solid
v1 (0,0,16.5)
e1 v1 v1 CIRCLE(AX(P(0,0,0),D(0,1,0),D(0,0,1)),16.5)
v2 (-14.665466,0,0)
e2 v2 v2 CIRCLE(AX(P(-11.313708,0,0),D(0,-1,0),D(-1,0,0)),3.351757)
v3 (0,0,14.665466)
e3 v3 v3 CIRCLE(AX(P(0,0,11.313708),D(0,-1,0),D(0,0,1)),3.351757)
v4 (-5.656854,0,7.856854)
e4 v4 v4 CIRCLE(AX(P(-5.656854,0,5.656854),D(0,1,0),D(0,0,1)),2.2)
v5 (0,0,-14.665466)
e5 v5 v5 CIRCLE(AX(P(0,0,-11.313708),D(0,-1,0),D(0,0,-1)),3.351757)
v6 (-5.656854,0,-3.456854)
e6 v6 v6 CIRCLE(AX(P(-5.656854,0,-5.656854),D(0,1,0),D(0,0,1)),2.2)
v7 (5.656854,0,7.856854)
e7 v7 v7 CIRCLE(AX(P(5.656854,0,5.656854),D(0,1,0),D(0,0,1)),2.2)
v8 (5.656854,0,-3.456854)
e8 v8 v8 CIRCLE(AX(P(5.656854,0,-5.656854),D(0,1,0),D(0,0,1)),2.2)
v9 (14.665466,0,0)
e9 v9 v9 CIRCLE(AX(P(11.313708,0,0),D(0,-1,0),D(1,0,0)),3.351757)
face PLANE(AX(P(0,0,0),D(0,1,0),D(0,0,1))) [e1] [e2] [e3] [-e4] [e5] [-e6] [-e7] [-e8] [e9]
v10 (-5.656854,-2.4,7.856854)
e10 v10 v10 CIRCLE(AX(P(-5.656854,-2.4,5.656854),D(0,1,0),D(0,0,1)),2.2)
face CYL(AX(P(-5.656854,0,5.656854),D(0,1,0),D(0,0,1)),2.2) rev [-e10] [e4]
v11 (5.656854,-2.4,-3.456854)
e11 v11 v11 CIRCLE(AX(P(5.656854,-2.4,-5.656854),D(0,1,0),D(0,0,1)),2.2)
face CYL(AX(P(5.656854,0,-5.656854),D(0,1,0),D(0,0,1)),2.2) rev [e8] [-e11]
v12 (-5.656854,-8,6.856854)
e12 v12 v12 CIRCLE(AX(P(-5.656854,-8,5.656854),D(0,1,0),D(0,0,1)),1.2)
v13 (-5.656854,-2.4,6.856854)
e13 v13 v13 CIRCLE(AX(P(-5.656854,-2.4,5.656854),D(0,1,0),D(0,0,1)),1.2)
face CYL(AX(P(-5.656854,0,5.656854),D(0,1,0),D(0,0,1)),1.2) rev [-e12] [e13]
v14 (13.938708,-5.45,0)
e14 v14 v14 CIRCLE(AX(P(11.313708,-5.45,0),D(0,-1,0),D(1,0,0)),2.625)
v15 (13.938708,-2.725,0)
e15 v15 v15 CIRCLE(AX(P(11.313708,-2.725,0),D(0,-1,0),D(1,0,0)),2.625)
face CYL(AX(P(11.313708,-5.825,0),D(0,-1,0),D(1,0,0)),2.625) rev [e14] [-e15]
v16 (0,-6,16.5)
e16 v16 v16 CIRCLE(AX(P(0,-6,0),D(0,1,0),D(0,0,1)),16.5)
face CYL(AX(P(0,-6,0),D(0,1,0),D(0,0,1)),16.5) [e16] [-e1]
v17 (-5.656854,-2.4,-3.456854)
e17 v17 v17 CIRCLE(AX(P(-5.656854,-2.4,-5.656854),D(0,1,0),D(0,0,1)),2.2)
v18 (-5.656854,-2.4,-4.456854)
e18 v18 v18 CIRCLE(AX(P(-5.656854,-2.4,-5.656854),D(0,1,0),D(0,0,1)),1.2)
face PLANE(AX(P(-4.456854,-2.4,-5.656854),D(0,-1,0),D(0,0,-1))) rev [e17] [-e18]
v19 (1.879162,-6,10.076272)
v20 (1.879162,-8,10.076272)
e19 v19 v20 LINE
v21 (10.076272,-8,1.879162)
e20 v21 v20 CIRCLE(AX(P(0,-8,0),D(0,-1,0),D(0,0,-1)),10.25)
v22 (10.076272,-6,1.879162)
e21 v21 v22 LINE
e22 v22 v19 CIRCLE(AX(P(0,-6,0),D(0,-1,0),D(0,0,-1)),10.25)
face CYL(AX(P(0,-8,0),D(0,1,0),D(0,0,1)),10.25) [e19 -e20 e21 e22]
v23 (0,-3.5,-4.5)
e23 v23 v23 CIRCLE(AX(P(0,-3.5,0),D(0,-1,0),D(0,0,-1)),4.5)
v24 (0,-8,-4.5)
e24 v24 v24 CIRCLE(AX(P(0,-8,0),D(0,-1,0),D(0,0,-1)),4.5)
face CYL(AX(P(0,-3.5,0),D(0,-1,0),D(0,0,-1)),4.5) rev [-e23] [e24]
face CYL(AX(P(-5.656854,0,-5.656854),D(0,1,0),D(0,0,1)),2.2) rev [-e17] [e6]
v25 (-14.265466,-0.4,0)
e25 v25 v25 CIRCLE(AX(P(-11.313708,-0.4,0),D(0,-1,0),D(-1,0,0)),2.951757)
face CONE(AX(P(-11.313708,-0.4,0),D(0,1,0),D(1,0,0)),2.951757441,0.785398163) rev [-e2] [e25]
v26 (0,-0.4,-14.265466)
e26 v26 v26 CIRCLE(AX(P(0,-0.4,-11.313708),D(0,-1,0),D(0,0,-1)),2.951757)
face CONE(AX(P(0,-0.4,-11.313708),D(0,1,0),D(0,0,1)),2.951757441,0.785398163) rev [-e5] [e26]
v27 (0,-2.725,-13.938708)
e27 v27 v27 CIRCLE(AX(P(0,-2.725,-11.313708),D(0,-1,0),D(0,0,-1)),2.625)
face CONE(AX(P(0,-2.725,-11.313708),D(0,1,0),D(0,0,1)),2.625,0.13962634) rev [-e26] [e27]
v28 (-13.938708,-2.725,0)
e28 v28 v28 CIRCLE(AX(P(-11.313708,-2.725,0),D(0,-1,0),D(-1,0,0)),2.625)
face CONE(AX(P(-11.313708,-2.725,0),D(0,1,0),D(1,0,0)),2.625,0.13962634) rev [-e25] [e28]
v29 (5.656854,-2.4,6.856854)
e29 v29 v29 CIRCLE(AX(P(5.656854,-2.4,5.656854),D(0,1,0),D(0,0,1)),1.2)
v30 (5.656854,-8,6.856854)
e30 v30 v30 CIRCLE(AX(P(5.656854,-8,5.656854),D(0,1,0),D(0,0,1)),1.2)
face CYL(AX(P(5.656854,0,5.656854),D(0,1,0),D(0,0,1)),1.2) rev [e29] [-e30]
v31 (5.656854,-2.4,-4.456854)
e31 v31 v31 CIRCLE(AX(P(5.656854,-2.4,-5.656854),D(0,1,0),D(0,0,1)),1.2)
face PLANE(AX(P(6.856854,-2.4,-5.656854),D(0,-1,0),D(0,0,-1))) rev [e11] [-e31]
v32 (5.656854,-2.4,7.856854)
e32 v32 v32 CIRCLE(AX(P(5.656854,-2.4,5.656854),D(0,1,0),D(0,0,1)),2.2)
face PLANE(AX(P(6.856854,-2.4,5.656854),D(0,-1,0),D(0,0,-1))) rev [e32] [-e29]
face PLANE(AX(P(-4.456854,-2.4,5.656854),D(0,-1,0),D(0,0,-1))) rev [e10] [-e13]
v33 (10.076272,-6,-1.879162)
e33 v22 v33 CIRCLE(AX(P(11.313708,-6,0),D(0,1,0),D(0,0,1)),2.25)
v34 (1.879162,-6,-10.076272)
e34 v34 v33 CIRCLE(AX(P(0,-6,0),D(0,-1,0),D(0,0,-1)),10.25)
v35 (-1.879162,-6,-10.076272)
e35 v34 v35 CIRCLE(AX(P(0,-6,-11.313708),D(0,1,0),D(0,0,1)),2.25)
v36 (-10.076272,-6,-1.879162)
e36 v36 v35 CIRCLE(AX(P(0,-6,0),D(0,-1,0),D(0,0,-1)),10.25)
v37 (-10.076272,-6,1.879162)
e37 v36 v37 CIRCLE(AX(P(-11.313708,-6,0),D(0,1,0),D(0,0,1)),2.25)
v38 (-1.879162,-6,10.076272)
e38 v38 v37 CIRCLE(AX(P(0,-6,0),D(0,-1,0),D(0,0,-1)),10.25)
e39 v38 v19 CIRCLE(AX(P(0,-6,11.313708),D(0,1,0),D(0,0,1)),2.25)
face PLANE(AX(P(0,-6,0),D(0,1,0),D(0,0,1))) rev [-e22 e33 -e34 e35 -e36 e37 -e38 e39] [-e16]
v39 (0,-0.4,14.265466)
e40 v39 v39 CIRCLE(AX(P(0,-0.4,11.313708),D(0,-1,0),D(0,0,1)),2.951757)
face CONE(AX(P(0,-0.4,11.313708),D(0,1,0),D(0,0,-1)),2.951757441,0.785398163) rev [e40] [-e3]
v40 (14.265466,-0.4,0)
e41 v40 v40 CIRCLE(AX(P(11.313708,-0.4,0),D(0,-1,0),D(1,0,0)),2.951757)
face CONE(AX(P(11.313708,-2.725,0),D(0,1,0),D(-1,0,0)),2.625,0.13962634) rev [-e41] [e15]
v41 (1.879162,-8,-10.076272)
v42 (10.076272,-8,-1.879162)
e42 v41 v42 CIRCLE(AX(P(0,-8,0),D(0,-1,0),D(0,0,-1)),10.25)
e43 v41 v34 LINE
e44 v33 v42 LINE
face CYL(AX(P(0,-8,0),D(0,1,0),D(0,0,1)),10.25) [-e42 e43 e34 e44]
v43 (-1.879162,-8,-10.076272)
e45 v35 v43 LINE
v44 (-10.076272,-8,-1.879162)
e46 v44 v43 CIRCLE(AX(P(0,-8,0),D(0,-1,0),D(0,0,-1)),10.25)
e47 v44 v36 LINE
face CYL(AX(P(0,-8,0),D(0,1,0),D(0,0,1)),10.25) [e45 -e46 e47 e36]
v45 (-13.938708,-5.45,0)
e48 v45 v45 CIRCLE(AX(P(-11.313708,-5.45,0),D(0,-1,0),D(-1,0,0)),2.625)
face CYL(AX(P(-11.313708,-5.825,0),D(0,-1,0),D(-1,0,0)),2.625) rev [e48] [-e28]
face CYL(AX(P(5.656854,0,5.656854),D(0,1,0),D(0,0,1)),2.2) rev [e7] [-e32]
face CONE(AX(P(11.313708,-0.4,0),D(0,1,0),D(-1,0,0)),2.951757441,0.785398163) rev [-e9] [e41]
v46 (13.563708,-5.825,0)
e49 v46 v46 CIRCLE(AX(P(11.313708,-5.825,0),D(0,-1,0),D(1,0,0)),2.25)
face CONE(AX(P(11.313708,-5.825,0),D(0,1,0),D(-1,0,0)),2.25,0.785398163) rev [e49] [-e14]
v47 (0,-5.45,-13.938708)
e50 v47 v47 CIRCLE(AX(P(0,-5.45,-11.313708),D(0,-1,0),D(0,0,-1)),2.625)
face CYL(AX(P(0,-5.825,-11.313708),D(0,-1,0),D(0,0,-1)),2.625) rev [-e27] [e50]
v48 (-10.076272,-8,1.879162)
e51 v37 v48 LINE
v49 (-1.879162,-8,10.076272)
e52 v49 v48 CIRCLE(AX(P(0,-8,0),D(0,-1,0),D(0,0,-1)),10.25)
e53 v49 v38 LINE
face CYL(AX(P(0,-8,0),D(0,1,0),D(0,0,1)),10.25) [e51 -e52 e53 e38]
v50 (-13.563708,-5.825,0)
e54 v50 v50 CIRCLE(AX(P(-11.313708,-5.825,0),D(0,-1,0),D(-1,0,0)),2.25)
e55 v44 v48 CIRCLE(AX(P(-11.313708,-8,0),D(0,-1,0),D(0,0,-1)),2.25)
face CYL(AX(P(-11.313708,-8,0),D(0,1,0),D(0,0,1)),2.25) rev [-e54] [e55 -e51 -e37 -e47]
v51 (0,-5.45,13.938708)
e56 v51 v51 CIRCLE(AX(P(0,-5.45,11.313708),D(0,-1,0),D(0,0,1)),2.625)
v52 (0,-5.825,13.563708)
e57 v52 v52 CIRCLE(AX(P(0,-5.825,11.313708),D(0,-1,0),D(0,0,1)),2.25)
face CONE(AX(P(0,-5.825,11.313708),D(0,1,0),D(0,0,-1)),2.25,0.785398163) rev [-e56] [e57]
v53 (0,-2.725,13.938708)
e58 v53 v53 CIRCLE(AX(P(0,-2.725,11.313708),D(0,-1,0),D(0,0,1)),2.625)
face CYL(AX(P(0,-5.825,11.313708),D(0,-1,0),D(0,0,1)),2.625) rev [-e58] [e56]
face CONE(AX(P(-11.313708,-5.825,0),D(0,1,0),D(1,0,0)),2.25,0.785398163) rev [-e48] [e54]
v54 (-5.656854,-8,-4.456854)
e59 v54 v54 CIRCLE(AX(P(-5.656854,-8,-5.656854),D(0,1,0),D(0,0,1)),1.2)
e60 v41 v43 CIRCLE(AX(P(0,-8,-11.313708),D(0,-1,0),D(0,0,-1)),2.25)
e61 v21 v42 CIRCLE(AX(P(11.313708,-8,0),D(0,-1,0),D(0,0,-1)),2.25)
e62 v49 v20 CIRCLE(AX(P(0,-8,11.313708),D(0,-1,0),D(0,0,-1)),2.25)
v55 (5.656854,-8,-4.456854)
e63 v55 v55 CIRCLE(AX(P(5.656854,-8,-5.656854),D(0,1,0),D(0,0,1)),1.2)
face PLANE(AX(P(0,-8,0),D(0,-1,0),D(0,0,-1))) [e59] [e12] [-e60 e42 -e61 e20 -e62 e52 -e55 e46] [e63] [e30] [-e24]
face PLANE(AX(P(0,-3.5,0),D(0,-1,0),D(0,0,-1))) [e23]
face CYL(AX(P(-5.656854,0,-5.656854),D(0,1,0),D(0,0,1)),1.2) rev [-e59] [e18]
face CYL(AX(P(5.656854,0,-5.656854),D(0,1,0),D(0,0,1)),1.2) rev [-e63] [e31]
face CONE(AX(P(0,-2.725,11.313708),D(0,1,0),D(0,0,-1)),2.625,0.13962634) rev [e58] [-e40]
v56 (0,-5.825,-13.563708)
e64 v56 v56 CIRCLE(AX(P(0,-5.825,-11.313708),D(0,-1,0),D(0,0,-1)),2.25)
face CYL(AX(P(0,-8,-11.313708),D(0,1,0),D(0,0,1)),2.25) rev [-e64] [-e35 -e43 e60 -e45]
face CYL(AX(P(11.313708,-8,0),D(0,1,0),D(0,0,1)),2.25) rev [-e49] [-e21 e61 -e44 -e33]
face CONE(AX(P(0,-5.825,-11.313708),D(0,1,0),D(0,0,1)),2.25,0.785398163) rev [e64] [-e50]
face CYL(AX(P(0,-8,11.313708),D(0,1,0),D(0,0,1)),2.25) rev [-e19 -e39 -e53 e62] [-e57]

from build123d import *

# Parameters (mm, degrees)
SKETCH1_R                                           = 16.5
BOSS_EXTRUDE1_DEPTH                                 = 6
SKETCH25_R                                          = 10.25
BOSS_EXTRUDE2_DEPTH                                 = 2
SKETCH22_R                                          = 2.25
CUT_EXTRUDE1_DEPTH                                  = 46.38470183
CBORE_FOR_M2_HEX_SOCKET_HEAD_CAP_SCREW1_D           = 2.4
CBORE_FOR_M2_HEX_SOCKET_HEAD_CAP_SCREW1_CBORE_D     = 4.4
CBORE_FOR_M2_HEX_SOCKET_HEAD_CAP_SCREW1_CBORE_DEPTH = 2.4
CIRPATTERN1_COUNT                                   = 4
SKETCH26_R                                          = 4.5
CUT_EXTRUDE2_DEPTH                                  = 4.5


with BuildPart() as part:
    # Sketch1 → Boss-Extrude1 (new body)
    with BuildSketch(Plane(origin=(0, 0, 0), x_dir=(1, 0, 0), z_dir=(0, 1, 0))):
        with Locations(Location((0, 0, 0), (0, 0, 270))):
            Circle(SKETCH1_R)
    extrude(amount=-BOSS_EXTRUDE1_DEPTH)

    # Sketch25 → Boss-Extrude2 (add)
    with BuildSketch(Plane.XZ.offset(6)):
        with Locations(Location((0, 0, 0), (0, 0, 270))):
            Circle(SKETCH25_R)
    extrude(amount=BOSS_EXTRUDE2_DEPTH)

    # Sketch22 → Cut-Extrude1 (cut, through all)
    with BuildSketch(Plane(origin=(1.446175283, 0, 24.410951504), x_dir=(1, 0, 0), z_dir=(0, 1, 0))):
        with Locations(Location((-1.446175283, 35.724660003, 0), (0, 0, 270))):
            Circle(SKETCH22_R)
    cut_extrude1 = extrude(amount=-CUT_EXTRUDE1_DEPTH, mode=Mode.SUBTRACT)

    # Sketch3 → Cut-Revolve1 (revolve, cut)
    with BuildSketch(Plane(origin=(0, 0, -23.450692334), x_dir=(0, 0, -1), z_dir=(1, 0, 0))):
        Polygon((-12.136983835, 0), (-8.785226394, 0), (-9.185226394, -0.4), (-9.511983835, -2.725), (-9.511983835, -5.45), (-9.886983835, -5.825), (-12.136983835, -5.825), align=None)
    cut_revolve1 = revolve(axis=Axis((0, -5.825, -11.313708499), (0, 1, 0)), mode=Mode.SUBTRACT)

    # CBORE for M2 Hex Socket Head Cap Screw1 (through all)
    with Locations(Plane(origin=(0, 0, 0), x_dir=(1, 0, 0), z_dir=(0, 1, 0))):
        with Locations((5.656854249, 5.656854249)):
            cbore_for_m2_hex_socket_head_cap_screw1 = CounterBoreHole(CBORE_FOR_M2_HEX_SOCKET_HEAD_CAP_SCREW1_D / 2, CBORE_FOR_M2_HEX_SOCKET_HEAD_CAP_SCREW1_CBORE_D / 2, CBORE_FOR_M2_HEX_SOCKET_HEAD_CAP_SCREW1_CBORE_DEPTH)

    # CirPattern1: Cut-Extrude1, Cut-Revolve1, CBORE for M2 Hex Socket Head Cap Screw1 ×4 about axis
    cirpattern1_axis = Axis((0, 0, 0), (0, 1, 0))
    add([cut_extrude1.rotate(cirpattern1_axis, i * 360 / CIRPATTERN1_COUNT) for i in range(1, CIRPATTERN1_COUNT)], mode=Mode.SUBTRACT)
    add([cut_revolve1.rotate(cirpattern1_axis, i * 360 / CIRPATTERN1_COUNT) for i in range(1, CIRPATTERN1_COUNT)], mode=Mode.SUBTRACT)
    add([cbore_for_m2_hex_socket_head_cap_screw1.rotate(cirpattern1_axis, i * 360 / CIRPATTERN1_COUNT) for i in range(1, CIRPATTERN1_COUNT)], mode=Mode.SUBTRACT)

    # Sketch26 → Cut-Extrude2 (cut)
    with BuildSketch(Plane.XZ.offset(8)):
        with Locations(Location((0, 0, 0), (0, 0, 270))):
            Circle(SKETCH26_R)
    extrude(amount=-CUT_EXTRUDE2_DEPTH, mode=Mode.SUBTRACT)


solid = part.part
